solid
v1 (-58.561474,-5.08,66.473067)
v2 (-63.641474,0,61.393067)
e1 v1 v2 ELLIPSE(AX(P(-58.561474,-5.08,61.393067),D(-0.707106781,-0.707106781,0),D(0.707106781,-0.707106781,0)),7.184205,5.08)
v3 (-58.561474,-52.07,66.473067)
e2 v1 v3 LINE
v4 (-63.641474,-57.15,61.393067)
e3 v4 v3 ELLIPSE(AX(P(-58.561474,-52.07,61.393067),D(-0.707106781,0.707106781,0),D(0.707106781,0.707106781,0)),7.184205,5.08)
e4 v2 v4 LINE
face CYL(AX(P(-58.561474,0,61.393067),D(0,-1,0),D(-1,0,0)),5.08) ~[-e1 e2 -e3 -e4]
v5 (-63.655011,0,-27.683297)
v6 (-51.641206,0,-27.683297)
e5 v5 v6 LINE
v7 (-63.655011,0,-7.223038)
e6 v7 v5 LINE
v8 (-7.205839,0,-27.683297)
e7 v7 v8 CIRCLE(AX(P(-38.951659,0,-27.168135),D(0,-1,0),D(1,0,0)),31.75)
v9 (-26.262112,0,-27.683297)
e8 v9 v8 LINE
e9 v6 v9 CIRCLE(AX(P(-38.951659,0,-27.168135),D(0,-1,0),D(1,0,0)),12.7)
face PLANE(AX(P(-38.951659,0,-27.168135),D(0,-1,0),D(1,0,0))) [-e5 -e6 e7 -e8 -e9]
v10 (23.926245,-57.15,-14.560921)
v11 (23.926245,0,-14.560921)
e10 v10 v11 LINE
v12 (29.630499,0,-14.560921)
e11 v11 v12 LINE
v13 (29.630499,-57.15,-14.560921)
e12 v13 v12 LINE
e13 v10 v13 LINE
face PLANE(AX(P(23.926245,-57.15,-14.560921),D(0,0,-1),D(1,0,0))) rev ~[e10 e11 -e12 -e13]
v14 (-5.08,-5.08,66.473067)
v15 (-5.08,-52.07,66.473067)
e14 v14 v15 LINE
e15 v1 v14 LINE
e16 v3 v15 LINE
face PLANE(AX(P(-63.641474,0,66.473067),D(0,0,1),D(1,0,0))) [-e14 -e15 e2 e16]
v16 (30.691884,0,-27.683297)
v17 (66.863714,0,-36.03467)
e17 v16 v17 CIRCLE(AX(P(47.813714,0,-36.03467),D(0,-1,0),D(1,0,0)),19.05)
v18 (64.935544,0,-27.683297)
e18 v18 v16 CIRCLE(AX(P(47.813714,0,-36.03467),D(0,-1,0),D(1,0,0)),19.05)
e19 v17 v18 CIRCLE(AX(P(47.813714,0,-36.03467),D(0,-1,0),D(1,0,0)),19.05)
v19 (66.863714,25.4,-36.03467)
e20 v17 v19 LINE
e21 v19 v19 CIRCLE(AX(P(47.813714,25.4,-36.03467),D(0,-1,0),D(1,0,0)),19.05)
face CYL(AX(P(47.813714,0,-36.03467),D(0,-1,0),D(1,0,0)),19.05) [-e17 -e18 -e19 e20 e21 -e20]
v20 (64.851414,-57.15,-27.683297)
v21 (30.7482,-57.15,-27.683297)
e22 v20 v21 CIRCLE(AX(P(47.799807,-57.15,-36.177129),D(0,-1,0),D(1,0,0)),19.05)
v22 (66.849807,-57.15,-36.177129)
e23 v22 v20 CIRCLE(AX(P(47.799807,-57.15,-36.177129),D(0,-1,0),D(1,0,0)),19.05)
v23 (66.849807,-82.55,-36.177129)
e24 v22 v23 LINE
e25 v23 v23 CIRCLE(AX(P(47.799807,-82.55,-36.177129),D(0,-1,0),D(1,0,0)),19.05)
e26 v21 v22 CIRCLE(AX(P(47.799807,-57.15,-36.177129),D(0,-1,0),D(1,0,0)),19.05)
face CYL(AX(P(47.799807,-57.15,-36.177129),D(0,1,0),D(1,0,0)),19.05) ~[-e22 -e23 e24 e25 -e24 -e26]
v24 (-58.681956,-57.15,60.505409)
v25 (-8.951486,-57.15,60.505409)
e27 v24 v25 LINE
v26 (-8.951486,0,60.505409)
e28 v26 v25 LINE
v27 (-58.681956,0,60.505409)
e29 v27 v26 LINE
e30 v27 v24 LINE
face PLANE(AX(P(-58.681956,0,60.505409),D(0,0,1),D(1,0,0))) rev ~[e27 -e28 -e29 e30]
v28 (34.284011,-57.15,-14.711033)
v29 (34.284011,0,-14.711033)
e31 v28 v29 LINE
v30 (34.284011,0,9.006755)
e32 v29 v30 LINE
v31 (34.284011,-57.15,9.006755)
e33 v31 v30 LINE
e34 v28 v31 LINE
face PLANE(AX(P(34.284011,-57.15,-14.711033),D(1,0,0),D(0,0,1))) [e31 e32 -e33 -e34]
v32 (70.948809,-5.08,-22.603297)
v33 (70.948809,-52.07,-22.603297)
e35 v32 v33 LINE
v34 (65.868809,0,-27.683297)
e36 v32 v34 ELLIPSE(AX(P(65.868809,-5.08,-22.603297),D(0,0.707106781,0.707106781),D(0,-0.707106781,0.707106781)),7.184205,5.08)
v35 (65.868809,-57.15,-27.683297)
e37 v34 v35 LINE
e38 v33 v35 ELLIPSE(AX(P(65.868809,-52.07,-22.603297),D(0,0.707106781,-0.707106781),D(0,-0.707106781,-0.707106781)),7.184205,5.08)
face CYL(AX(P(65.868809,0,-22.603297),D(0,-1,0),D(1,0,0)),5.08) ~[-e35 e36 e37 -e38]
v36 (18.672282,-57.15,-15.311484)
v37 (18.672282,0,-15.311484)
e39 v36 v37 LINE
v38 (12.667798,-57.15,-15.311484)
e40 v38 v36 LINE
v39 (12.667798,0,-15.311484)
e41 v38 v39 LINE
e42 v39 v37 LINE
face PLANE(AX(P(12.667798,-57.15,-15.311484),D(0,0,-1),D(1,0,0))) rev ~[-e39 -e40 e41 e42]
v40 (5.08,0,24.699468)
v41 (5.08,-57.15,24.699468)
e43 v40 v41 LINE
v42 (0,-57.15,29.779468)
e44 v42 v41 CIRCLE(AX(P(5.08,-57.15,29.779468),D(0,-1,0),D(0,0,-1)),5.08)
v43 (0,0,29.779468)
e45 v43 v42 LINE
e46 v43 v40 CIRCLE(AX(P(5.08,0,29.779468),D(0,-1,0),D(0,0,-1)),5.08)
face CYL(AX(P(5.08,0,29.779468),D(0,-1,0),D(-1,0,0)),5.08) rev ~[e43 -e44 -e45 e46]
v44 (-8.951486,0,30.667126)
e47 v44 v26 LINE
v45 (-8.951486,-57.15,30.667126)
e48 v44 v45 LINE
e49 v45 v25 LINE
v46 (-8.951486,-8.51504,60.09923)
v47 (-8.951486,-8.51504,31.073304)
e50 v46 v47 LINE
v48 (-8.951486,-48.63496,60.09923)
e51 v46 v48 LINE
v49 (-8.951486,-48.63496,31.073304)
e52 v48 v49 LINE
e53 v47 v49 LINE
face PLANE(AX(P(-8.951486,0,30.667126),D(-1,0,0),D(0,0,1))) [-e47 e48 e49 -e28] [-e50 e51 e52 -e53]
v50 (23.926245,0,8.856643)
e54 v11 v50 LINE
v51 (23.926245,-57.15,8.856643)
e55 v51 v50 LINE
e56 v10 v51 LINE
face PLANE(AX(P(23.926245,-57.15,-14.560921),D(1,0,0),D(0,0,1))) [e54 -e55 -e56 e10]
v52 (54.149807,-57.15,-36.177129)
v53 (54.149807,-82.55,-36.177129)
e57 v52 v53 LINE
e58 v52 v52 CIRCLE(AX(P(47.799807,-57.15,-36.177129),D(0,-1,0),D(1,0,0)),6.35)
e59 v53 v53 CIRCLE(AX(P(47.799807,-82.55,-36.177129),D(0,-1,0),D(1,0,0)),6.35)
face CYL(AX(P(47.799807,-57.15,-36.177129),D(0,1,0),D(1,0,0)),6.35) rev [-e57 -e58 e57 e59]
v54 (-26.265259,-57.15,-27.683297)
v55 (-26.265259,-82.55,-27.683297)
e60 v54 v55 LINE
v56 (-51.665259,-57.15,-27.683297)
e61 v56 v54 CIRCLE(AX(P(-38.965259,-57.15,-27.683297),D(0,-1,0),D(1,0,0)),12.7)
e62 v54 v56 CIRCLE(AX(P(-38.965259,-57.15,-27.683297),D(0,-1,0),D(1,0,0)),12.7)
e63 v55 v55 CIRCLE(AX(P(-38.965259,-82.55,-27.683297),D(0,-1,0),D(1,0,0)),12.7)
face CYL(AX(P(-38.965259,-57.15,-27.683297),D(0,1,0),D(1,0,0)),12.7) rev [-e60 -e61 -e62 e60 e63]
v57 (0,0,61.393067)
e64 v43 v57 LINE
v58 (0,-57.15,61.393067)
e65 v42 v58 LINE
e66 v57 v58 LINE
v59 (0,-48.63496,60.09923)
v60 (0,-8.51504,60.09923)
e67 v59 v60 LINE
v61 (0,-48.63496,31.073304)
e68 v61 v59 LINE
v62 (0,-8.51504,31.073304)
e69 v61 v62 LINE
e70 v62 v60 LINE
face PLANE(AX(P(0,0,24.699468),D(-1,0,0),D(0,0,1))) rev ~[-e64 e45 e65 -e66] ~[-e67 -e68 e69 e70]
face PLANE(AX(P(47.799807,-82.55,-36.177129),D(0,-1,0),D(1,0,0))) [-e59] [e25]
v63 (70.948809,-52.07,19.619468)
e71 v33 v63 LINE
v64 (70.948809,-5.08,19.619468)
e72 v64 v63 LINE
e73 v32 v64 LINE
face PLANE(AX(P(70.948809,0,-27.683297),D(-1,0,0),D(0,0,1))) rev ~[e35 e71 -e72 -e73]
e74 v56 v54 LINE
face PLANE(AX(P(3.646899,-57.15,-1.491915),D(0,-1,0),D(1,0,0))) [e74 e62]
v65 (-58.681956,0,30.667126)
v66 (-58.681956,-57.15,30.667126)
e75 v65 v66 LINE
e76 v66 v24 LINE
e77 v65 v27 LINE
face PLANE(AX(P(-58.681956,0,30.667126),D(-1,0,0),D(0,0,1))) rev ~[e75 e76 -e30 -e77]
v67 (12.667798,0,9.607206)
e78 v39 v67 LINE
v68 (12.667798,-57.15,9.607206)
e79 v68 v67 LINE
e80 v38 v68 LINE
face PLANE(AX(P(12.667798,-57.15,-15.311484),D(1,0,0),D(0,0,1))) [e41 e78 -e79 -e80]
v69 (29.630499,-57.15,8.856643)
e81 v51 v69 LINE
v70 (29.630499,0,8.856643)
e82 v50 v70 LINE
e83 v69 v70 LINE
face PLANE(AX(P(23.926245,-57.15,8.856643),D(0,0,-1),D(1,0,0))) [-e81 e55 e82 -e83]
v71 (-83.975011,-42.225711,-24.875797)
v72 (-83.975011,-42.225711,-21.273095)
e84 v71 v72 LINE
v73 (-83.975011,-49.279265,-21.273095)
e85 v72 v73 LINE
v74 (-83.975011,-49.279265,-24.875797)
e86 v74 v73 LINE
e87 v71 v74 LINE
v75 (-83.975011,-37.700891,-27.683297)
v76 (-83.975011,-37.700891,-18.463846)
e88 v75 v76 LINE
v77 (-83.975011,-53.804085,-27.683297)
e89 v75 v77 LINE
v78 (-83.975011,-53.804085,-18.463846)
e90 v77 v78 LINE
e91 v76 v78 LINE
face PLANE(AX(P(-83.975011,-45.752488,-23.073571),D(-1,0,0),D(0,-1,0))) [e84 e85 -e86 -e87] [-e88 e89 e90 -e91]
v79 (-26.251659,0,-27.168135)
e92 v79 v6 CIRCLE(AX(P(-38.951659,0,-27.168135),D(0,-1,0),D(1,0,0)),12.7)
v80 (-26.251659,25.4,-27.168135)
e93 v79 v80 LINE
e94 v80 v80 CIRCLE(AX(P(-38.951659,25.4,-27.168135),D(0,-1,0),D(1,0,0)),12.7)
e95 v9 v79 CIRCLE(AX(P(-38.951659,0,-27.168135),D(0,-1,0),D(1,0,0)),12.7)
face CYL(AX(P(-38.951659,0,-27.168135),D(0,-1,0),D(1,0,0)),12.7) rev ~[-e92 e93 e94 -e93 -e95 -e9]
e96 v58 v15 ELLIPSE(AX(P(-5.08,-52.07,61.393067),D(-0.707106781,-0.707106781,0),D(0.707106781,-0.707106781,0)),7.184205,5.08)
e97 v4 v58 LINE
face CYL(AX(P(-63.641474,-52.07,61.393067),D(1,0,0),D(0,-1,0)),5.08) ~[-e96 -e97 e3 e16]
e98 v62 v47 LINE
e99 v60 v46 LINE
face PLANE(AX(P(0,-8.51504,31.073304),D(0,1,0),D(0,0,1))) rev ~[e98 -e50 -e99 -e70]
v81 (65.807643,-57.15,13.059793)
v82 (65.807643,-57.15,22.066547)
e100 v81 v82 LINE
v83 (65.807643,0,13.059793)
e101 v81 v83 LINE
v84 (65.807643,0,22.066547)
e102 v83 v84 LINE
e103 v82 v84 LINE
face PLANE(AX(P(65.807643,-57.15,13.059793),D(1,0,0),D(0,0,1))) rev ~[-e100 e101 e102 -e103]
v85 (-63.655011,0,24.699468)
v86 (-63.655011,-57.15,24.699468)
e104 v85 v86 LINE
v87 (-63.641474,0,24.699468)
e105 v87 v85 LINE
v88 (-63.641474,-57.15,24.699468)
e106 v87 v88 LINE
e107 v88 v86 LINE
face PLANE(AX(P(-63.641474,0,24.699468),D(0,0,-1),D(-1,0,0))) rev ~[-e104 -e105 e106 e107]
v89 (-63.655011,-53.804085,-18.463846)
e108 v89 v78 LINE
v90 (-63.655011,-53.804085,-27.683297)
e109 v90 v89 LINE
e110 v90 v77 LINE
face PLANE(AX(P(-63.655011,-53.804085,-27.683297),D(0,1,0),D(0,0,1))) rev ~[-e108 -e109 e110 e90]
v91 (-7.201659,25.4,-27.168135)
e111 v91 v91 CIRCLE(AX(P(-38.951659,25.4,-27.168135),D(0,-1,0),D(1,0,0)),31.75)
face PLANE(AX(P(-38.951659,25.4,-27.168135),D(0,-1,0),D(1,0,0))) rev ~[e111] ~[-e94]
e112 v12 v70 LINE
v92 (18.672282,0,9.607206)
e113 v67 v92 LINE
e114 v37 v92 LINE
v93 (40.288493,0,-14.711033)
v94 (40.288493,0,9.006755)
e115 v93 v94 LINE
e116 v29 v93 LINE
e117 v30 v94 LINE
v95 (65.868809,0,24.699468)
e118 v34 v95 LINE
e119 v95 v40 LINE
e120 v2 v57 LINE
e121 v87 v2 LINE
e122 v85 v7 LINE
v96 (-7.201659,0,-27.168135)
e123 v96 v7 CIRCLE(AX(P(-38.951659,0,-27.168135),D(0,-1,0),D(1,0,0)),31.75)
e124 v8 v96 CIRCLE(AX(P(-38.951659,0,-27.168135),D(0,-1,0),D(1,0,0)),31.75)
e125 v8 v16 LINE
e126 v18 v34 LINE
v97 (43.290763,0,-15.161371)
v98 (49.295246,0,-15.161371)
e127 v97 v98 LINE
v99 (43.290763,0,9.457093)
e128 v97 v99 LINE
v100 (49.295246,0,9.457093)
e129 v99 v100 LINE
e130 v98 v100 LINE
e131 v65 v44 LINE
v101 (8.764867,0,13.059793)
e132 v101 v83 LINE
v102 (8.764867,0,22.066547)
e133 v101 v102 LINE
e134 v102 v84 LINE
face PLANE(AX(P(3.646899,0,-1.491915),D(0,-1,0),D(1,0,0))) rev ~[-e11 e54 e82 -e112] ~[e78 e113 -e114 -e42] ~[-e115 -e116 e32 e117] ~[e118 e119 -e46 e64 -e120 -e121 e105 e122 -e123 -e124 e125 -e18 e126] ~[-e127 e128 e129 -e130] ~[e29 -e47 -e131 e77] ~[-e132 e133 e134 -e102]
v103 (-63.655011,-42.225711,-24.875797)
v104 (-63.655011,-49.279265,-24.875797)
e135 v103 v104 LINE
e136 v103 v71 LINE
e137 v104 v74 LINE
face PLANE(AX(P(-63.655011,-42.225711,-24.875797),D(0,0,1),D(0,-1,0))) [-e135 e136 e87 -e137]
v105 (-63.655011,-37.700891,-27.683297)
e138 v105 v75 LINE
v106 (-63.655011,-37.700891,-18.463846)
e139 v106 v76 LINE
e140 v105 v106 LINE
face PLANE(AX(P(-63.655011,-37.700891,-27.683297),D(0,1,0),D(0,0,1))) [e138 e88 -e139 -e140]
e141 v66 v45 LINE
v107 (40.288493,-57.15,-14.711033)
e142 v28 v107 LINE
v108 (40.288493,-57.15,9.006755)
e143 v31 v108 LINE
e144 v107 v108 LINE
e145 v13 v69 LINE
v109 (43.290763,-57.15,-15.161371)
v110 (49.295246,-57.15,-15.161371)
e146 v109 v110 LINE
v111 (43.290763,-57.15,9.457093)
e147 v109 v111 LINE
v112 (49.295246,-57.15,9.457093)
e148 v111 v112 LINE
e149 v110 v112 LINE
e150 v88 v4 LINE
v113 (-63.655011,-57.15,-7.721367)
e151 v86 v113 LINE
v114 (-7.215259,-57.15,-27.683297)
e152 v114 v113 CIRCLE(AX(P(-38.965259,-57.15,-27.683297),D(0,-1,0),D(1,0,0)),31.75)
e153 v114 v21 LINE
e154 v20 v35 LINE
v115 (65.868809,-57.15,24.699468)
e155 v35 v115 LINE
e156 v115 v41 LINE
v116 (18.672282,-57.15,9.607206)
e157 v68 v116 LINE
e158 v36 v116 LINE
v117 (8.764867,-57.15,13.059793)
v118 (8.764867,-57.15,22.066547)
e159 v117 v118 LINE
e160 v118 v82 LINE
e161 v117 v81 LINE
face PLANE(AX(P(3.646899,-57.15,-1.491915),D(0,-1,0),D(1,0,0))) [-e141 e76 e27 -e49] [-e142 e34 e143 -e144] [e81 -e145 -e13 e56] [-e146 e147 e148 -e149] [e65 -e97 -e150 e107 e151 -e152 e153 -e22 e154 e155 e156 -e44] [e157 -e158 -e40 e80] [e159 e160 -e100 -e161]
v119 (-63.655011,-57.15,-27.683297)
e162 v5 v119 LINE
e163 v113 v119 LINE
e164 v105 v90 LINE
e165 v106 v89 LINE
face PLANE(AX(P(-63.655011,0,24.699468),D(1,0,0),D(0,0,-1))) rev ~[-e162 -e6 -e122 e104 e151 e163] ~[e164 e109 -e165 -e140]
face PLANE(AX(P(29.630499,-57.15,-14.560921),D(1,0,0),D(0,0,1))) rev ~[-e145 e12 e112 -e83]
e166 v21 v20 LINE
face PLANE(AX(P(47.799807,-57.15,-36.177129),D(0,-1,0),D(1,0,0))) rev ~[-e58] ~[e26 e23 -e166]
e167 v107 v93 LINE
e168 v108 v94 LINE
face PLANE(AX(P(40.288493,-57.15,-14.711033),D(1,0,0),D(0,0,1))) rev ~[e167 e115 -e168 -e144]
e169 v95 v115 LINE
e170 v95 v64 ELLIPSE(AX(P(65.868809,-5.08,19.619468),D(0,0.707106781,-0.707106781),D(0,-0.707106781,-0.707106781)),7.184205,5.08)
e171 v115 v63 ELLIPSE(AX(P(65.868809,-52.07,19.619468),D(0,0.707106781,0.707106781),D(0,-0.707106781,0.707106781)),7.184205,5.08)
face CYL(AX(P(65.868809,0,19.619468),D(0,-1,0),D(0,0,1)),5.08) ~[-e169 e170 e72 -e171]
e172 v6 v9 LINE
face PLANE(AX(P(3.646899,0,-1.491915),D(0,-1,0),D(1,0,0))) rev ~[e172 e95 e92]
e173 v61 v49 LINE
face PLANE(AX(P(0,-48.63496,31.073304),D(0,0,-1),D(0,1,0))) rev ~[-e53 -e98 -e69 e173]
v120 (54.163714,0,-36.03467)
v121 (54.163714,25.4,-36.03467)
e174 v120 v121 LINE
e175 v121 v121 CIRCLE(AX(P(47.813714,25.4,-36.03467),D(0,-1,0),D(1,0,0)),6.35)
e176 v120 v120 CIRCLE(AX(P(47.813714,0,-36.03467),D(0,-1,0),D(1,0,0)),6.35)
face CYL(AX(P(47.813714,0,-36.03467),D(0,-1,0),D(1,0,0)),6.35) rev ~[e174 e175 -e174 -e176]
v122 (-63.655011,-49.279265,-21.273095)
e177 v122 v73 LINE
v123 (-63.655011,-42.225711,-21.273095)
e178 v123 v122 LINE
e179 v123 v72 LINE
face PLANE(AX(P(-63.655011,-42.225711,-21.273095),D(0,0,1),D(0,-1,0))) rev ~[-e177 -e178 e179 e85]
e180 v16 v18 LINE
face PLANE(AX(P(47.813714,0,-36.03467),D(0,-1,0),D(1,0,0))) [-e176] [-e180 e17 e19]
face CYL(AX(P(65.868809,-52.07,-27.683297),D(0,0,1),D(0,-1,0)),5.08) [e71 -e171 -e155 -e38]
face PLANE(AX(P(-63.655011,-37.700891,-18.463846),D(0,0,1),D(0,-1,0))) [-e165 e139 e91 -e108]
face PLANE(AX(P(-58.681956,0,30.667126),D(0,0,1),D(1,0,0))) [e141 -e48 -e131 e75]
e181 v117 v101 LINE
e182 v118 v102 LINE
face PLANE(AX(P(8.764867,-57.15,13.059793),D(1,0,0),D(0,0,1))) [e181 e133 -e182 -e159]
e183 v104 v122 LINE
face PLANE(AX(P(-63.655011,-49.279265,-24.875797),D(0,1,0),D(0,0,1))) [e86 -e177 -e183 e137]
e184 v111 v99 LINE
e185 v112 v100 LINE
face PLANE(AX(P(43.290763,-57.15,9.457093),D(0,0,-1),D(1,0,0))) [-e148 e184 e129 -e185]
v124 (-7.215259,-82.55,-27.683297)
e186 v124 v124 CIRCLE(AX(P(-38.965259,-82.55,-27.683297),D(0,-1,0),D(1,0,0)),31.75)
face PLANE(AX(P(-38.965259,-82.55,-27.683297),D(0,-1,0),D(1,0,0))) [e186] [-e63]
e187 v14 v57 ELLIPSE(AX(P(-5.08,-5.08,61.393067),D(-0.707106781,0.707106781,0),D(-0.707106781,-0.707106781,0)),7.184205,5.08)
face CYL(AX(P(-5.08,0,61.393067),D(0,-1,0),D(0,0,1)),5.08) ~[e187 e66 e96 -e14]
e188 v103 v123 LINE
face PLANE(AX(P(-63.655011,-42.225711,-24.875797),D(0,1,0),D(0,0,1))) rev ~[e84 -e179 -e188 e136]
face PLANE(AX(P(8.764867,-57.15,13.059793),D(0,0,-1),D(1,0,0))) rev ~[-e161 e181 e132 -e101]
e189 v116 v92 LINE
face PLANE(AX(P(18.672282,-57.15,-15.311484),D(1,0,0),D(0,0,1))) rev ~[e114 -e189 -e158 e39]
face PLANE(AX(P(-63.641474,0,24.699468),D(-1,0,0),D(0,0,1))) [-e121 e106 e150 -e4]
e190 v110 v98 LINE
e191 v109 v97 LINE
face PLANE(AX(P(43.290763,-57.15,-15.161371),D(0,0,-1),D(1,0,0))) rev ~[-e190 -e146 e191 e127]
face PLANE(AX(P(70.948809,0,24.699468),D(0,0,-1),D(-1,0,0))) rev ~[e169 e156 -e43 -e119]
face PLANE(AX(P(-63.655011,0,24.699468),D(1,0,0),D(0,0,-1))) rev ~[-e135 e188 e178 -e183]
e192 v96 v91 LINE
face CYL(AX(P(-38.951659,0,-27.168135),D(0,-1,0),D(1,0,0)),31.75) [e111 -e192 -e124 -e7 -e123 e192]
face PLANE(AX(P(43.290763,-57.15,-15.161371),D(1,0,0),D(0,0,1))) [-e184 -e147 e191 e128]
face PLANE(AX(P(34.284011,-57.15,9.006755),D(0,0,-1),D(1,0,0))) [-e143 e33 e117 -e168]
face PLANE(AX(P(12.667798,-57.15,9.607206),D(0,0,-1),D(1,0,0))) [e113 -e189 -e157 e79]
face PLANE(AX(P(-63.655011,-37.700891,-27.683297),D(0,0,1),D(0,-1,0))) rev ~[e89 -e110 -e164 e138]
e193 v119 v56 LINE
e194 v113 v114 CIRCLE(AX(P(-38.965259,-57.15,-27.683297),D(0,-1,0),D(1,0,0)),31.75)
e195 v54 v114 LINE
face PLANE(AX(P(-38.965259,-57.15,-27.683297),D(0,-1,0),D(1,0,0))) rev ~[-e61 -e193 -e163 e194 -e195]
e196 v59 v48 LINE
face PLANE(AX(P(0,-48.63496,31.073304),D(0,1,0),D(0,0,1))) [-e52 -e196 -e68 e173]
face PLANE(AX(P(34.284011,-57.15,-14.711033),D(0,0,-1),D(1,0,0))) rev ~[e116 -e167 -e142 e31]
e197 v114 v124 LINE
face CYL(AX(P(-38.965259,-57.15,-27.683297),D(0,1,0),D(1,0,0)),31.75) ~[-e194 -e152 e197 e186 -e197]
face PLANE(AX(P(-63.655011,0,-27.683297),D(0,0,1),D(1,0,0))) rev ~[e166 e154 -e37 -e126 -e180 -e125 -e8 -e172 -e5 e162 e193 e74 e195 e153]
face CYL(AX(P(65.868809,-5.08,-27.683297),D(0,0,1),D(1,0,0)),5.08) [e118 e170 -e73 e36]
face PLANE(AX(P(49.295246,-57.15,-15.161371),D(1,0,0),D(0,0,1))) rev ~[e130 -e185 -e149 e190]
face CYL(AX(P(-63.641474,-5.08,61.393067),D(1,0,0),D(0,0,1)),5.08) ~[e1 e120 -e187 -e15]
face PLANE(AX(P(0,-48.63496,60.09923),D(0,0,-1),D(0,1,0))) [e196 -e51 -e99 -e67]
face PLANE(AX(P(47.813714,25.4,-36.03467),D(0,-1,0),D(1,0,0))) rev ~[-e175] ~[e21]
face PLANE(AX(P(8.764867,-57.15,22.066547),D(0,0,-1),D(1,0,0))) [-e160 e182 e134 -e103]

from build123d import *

# Parameters (mm, degrees)
F0_W      = 63.641474
F0_H      = 41.773599
F0_W_2    = 49.73047
F0_H_2    = 29.838283
F1_DEPTH  = 57.15
F2_R      = 19.05
F2_R_2    = 6.35
F2_R_3    = 31.75
F2_R_4    = 12.7
F3_DEPTH  = 25.4
F4_R      = 31.75
F4_R_2    = 12.7
F4_R_3    = 19.05
F4_R_4    = 6.35
F5_DEPTH  = 25.4
F6_W      = 40.11992
F6_H      = 29.025927
F7_DEPTH  = 25.4
F8_R      = 5.08
F9_W      = 16.103194
F9_H      = 9.219451
F9_W_2    = 7.053554
F9_H_2    = 3.602702
F10_DEPTH = 20.32
F11_W     = 57.042776
F11_H     = 9.006755
F11_W_2   = 6.004483
F11_H_2   = 24.91869
F11_W_3   = 5.704254
F11_H_3   = 23.417564
F11_H_4   = 24.618464
F11_W_4   = 6.004482
F11_H_5   = 23.717788
F12_DEPTH = 63.246


with BuildPart() as f1:
    # F0 (on Front) → F1 (new body)
    with BuildSketch(Plane.XZ):
        Polygon((-63.641474, 24.699468), (-63.655011, 24.699468), (-63.655011, -27.683297), (70.948809, -27.683297), (70.948809, 24.699468), (0, 24.699468), align=None)
        with Locations((-31.820737, 45.586267)):
            Rectangle(F0_W, F0_H)
        with Locations((-33.816721, 45.586267)):
            Rectangle(F0_W_2, F0_H_2, mode=Mode.SUBTRACT)
    extrude(amount=F1_DEPTH)

    # F2 (on Front) → F3 (join)
    with BuildSketch(Plane.XZ):
        with Locations((47.813714, -36.03467)):
            Circle(F2_R)
        with Locations((47.813714, -36.03467)):
            Circle(F2_R_2, mode=Mode.SUBTRACT)
        with Locations((-38.951659, -27.168135)):
            Circle(F2_R_3)
        with Locations((-38.951659, -27.168135)):
            Circle(F2_R_4, mode=Mode.SUBTRACT)
    extrude(amount=-F3_DEPTH)

    # F4 (on face) → F5 (join)
    with BuildSketch(Plane.XZ.offset(57.15)):
        with Locations((-38.965259, -27.683297)):
            Circle(F4_R)
        with Locations((-38.965259, -27.683297)):
            Circle(F4_R_2, mode=Mode.SUBTRACT)
        with Locations((47.799807, -36.177129)):
            Circle(F4_R_3)
        with Locations((47.799807, -36.177129)):
            Circle(F4_R_4, mode=Mode.SUBTRACT)
    extrude(amount=F5_DEPTH)

    # F6 (on face) → F7 (cut)
    with BuildSketch(Plane.YZ):
        with Locations((-28.575, 45.586267)):
            Rectangle(F6_W, F6_H)
    extrude(amount=-F7_DEPTH, mode=Mode.SUBTRACT)

    # F8
    f8_edges = [f1.edges().sort_by_distance(p)[0] for p in [
        (0, -28.575, 24.699468),
        (70.948809, -28.575, 24.699468),
        (70.948809, -28.575, -27.683297),
        (70.948809, 0, -1.491915),
        (70.948809, -57.15, -1.491915),
        (-31.820737, -57.15, 66.473067),
        (0, -28.575, 66.473067),
        (-31.820737, 0, 66.473067),
        (-63.641474, -28.575, 66.473067),
    ]]
    fillet(f8_edges, radius=F8_R)

    # F9 (on face) → F10 (join)
    with BuildSketch(Plane(origin=(-63.655011, 0, 0), x_dir=(0, -1, 0), z_dir=(-1, 0, 0))):
        with Locations((45.752488, -23.073571)):
            Rectangle(F9_W, F9_H)
        with Locations((45.752488, -23.074446)):
            Rectangle(F9_W_2, F9_H_2, mode=Mode.SUBTRACT)
    extrude(amount=F10_DEPTH)

    # F11 (on face) → F12 (cut)
    with BuildSketch(Plane.XZ.offset(57.15)):
        with Locations((37.286255, 17.56317)):
            Rectangle(F11_W, F11_H)
        with Locations((15.67004, -2.852139)):
            Rectangle(F11_W_2, F11_H_2)
        with Locations((26.778372, -2.852139)):
            Rectangle(F11_W_3, F11_H_3)
        with Locations((46.293005, -2.852139)):
            Rectangle(F11_W_2, F11_H_4)
        with Locations((37.286252, -2.852139)):
            Rectangle(F11_W_4, F11_H_5)
    extrude(amount=-F12_DEPTH, mode=Mode.SUBTRACT)


solid = f1.part
